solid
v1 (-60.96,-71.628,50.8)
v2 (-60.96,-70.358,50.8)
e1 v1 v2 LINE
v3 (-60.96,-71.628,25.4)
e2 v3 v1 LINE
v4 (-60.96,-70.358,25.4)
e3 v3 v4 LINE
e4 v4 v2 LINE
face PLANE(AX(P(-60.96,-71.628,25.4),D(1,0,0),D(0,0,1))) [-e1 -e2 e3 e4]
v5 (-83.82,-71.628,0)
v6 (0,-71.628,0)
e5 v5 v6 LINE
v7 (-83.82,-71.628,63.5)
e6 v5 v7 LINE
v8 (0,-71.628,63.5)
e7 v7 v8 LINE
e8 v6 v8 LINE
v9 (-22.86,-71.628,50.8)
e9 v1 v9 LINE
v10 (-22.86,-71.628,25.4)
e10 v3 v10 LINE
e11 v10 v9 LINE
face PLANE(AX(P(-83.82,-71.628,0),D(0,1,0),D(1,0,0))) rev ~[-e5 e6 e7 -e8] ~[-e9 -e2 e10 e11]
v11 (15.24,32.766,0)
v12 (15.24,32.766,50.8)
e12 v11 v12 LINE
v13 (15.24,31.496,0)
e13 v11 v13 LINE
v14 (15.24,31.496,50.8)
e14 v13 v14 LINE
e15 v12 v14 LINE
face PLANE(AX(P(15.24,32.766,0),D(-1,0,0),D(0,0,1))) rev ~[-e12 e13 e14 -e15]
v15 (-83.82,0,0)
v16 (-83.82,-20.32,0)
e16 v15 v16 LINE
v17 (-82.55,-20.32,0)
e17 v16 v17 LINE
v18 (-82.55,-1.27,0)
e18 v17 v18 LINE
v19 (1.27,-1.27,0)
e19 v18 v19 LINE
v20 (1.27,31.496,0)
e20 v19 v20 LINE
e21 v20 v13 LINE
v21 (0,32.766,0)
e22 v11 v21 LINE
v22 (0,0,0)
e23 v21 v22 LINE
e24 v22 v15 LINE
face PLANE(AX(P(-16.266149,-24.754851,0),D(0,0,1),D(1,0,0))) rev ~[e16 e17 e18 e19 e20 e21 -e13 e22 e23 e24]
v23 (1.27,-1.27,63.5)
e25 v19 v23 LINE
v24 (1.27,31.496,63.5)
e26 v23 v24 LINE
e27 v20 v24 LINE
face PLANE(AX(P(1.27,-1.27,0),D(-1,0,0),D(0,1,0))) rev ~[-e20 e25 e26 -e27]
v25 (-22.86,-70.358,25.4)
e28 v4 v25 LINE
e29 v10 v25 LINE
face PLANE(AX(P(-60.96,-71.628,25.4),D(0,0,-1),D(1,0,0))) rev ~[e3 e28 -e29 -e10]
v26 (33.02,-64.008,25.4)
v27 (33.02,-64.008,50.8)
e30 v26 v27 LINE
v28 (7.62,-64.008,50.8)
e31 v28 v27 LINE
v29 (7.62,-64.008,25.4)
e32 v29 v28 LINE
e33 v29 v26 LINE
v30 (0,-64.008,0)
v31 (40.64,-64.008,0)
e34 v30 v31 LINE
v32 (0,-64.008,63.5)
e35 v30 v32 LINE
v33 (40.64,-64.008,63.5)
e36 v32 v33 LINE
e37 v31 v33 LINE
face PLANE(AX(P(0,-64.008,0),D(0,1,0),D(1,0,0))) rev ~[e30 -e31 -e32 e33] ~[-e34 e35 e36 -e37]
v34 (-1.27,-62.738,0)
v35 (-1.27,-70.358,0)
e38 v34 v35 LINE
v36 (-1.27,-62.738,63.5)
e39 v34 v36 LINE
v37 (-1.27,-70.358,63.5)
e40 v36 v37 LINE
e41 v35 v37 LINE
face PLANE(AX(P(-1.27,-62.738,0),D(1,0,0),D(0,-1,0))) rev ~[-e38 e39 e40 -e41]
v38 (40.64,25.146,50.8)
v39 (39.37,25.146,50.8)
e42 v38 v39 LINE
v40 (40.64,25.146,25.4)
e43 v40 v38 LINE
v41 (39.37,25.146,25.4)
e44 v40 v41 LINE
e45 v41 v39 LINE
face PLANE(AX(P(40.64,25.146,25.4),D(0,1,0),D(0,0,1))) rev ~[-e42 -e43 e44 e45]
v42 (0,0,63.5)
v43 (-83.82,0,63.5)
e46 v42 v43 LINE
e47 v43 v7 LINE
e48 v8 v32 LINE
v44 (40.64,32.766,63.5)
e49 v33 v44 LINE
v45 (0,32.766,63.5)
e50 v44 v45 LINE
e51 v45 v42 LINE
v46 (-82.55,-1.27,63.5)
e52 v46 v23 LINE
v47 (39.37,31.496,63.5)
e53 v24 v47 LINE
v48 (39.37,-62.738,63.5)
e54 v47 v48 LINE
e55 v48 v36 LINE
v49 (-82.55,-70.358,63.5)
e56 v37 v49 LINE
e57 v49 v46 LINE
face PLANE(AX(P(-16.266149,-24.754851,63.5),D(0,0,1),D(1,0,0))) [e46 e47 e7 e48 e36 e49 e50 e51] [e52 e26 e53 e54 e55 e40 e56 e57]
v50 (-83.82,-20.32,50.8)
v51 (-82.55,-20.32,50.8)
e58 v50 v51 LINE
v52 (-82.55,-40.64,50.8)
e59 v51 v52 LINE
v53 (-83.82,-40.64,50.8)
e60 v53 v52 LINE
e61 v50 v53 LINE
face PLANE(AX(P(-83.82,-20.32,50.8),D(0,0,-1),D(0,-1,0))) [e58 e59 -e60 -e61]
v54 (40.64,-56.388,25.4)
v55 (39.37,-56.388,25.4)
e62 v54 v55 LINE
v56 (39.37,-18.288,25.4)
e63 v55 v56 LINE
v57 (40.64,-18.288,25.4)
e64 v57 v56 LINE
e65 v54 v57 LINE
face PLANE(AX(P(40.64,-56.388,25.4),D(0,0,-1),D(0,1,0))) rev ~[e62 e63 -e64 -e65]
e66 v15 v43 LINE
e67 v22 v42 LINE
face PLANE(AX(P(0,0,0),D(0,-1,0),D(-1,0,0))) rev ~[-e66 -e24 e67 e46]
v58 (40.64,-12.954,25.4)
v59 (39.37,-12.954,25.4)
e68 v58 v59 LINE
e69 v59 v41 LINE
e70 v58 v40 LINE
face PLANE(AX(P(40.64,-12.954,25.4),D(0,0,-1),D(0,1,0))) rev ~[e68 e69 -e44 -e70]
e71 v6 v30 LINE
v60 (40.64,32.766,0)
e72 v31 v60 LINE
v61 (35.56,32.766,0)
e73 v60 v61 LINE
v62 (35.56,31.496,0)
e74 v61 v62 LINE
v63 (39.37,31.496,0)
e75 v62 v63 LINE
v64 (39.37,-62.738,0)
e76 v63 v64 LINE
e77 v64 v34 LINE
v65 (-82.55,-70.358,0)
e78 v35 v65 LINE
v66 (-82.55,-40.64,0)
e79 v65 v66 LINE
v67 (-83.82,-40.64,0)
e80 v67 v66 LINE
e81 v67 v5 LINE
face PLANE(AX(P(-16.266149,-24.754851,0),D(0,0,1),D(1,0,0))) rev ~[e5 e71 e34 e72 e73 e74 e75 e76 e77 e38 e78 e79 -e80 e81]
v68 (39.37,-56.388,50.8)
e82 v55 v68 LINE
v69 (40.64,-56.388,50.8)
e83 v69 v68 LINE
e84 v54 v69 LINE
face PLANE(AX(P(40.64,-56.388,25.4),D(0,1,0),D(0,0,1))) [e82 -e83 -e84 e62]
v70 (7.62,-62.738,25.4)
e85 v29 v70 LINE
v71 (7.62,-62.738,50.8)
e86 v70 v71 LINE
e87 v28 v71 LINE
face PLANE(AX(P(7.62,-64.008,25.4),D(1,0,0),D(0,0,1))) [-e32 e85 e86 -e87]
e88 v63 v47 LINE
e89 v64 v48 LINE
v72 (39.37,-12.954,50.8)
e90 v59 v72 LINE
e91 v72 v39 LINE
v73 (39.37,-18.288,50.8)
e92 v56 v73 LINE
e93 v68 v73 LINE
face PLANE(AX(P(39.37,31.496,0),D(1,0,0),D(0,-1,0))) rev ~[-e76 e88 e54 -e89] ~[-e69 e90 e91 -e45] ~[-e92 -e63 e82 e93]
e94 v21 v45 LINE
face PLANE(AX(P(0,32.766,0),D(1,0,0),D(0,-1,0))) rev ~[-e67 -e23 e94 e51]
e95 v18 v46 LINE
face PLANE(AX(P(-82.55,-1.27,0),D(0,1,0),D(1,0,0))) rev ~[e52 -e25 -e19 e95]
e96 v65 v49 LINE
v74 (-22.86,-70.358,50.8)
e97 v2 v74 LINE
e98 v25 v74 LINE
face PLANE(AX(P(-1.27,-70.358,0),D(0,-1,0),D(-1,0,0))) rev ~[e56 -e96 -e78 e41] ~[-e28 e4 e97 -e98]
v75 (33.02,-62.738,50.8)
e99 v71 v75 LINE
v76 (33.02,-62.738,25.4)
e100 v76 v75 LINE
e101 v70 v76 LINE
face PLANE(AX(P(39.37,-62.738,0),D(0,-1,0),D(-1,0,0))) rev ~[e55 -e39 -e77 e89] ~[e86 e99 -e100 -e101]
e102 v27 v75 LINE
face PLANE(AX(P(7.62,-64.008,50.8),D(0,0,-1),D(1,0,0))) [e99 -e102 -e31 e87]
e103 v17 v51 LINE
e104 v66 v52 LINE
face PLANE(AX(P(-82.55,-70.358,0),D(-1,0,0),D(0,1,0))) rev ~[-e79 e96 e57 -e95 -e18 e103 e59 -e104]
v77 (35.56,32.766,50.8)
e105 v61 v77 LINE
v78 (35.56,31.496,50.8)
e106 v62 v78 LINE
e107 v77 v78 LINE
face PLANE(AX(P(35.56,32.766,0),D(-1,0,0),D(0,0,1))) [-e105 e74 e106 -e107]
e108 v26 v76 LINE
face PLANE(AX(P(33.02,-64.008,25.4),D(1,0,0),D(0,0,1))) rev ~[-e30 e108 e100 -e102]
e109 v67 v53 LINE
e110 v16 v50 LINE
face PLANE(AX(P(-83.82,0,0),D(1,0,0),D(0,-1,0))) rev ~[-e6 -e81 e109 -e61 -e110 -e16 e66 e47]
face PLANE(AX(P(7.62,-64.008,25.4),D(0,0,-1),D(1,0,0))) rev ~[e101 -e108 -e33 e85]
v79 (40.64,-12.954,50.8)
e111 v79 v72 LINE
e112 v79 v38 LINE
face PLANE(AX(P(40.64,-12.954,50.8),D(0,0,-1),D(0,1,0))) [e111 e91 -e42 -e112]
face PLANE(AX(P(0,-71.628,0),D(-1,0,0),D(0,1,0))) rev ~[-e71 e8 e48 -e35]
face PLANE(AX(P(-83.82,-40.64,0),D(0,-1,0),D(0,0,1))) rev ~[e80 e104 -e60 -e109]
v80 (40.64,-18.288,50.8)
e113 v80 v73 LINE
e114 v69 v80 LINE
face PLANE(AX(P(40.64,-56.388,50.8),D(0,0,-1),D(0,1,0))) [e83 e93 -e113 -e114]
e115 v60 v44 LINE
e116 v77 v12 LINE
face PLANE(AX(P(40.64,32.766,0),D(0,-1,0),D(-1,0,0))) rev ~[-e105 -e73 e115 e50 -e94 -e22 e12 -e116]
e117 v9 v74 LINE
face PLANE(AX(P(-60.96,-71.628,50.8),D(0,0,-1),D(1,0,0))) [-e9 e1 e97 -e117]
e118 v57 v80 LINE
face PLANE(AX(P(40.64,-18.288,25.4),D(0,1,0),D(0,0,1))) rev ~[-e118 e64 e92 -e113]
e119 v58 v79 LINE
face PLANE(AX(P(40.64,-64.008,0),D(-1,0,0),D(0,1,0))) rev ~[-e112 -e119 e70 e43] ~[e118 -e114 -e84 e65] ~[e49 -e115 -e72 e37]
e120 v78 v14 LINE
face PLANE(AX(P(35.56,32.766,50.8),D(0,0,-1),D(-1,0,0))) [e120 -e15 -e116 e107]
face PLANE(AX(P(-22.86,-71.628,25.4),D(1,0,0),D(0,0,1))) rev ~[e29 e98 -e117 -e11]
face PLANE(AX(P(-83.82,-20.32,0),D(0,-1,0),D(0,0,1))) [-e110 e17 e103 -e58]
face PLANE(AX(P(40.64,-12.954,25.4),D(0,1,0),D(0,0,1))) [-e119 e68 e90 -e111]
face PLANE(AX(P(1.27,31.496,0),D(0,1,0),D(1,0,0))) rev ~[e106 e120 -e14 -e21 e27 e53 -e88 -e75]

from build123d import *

# Parameters (mm, degrees)
F1_DEPTH  = 63.5
F2_W      = 38.1
F2_H      = 25.4
F3_DEPTH  = 1.27
F4_W      = 25.4
F4_H      = 25.4
F5_DEPTH  = 1.27
F6_W      = 38.1
F6_H      = 25.4
F7_DEPTH  = 1.27
F8_W      = 20.32
F8_H      = 50.8
F9_DEPTH  = 1.27
F10_W     = 20.32
F10_H     = 50.8
F11_DEPTH = 1.27


with BuildPart() as f1:
    # F0 (on Top) → F1 (new body)
    with BuildSketch(Plane.XY):
        Polygon((0, 32.766), (0, 0), (-83.82, 0), (-83.82, -71.628), (0, -71.628), (0, -64.008), (40.64, -64.008), (40.64, 32.766), align=None)
        Polygon((1.27, -1.27), (1.27, 31.496), (39.37, 31.496), (39.37, -62.738), (-1.27, -62.738), (-1.27, -70.358), (-82.55, -70.358), (-82.55, -1.27), align=None, mode=Mode.SUBTRACT)
    extrude(amount=F1_DEPTH)

    # F2 (on face) → F3 (cut)
    with BuildSketch(Plane.XZ.offset(71.628)):
        with Locations((-41.91, 38.1)):
            Rectangle(F2_W, F2_H)
    extrude(amount=-F3_DEPTH, mode=Mode.SUBTRACT)

    # F4 (on face) → F5 (cut)
    with BuildSketch(Plane.XZ.offset(64.008)):
        with Locations((20.32, 38.1)):
            Rectangle(F4_W, F4_H)
    extrude(amount=-F5_DEPTH, mode=Mode.SUBTRACT)

    # F6 (on face) → F7 (cut)
    with BuildSketch(Plane.YZ.offset(40.64)):
        with Locations((-37.338, 38.1)):
            Rectangle(F6_W, F6_H)
        with Locations((6.096, 38.1)):
            Rectangle(F6_W, F6_H)
    extrude(amount=-F7_DEPTH, mode=Mode.SUBTRACT)

    # F8 (on face) → F9 (cut)
    with BuildSketch(Plane(origin=(0, 32.766, 0), x_dir=(-1, 0, 0), z_dir=(0, 1, 0))):
        with Locations((-25.4, 25.4)):
            Rectangle(F8_W, F8_H)
    extrude(amount=-F9_DEPTH, mode=Mode.SUBTRACT)

    # F10 (on face) → F11 (cut)
    with BuildSketch(Plane(origin=(-83.82, 0, 0), x_dir=(0, -1, 0), z_dir=(-1, 0, 0))):
        with Locations((30.48, 25.4)):
            Rectangle(F10_W, F10_H)
    extrude(amount=-F11_DEPTH, mode=Mode.SUBTRACT)


solid = f1.part
